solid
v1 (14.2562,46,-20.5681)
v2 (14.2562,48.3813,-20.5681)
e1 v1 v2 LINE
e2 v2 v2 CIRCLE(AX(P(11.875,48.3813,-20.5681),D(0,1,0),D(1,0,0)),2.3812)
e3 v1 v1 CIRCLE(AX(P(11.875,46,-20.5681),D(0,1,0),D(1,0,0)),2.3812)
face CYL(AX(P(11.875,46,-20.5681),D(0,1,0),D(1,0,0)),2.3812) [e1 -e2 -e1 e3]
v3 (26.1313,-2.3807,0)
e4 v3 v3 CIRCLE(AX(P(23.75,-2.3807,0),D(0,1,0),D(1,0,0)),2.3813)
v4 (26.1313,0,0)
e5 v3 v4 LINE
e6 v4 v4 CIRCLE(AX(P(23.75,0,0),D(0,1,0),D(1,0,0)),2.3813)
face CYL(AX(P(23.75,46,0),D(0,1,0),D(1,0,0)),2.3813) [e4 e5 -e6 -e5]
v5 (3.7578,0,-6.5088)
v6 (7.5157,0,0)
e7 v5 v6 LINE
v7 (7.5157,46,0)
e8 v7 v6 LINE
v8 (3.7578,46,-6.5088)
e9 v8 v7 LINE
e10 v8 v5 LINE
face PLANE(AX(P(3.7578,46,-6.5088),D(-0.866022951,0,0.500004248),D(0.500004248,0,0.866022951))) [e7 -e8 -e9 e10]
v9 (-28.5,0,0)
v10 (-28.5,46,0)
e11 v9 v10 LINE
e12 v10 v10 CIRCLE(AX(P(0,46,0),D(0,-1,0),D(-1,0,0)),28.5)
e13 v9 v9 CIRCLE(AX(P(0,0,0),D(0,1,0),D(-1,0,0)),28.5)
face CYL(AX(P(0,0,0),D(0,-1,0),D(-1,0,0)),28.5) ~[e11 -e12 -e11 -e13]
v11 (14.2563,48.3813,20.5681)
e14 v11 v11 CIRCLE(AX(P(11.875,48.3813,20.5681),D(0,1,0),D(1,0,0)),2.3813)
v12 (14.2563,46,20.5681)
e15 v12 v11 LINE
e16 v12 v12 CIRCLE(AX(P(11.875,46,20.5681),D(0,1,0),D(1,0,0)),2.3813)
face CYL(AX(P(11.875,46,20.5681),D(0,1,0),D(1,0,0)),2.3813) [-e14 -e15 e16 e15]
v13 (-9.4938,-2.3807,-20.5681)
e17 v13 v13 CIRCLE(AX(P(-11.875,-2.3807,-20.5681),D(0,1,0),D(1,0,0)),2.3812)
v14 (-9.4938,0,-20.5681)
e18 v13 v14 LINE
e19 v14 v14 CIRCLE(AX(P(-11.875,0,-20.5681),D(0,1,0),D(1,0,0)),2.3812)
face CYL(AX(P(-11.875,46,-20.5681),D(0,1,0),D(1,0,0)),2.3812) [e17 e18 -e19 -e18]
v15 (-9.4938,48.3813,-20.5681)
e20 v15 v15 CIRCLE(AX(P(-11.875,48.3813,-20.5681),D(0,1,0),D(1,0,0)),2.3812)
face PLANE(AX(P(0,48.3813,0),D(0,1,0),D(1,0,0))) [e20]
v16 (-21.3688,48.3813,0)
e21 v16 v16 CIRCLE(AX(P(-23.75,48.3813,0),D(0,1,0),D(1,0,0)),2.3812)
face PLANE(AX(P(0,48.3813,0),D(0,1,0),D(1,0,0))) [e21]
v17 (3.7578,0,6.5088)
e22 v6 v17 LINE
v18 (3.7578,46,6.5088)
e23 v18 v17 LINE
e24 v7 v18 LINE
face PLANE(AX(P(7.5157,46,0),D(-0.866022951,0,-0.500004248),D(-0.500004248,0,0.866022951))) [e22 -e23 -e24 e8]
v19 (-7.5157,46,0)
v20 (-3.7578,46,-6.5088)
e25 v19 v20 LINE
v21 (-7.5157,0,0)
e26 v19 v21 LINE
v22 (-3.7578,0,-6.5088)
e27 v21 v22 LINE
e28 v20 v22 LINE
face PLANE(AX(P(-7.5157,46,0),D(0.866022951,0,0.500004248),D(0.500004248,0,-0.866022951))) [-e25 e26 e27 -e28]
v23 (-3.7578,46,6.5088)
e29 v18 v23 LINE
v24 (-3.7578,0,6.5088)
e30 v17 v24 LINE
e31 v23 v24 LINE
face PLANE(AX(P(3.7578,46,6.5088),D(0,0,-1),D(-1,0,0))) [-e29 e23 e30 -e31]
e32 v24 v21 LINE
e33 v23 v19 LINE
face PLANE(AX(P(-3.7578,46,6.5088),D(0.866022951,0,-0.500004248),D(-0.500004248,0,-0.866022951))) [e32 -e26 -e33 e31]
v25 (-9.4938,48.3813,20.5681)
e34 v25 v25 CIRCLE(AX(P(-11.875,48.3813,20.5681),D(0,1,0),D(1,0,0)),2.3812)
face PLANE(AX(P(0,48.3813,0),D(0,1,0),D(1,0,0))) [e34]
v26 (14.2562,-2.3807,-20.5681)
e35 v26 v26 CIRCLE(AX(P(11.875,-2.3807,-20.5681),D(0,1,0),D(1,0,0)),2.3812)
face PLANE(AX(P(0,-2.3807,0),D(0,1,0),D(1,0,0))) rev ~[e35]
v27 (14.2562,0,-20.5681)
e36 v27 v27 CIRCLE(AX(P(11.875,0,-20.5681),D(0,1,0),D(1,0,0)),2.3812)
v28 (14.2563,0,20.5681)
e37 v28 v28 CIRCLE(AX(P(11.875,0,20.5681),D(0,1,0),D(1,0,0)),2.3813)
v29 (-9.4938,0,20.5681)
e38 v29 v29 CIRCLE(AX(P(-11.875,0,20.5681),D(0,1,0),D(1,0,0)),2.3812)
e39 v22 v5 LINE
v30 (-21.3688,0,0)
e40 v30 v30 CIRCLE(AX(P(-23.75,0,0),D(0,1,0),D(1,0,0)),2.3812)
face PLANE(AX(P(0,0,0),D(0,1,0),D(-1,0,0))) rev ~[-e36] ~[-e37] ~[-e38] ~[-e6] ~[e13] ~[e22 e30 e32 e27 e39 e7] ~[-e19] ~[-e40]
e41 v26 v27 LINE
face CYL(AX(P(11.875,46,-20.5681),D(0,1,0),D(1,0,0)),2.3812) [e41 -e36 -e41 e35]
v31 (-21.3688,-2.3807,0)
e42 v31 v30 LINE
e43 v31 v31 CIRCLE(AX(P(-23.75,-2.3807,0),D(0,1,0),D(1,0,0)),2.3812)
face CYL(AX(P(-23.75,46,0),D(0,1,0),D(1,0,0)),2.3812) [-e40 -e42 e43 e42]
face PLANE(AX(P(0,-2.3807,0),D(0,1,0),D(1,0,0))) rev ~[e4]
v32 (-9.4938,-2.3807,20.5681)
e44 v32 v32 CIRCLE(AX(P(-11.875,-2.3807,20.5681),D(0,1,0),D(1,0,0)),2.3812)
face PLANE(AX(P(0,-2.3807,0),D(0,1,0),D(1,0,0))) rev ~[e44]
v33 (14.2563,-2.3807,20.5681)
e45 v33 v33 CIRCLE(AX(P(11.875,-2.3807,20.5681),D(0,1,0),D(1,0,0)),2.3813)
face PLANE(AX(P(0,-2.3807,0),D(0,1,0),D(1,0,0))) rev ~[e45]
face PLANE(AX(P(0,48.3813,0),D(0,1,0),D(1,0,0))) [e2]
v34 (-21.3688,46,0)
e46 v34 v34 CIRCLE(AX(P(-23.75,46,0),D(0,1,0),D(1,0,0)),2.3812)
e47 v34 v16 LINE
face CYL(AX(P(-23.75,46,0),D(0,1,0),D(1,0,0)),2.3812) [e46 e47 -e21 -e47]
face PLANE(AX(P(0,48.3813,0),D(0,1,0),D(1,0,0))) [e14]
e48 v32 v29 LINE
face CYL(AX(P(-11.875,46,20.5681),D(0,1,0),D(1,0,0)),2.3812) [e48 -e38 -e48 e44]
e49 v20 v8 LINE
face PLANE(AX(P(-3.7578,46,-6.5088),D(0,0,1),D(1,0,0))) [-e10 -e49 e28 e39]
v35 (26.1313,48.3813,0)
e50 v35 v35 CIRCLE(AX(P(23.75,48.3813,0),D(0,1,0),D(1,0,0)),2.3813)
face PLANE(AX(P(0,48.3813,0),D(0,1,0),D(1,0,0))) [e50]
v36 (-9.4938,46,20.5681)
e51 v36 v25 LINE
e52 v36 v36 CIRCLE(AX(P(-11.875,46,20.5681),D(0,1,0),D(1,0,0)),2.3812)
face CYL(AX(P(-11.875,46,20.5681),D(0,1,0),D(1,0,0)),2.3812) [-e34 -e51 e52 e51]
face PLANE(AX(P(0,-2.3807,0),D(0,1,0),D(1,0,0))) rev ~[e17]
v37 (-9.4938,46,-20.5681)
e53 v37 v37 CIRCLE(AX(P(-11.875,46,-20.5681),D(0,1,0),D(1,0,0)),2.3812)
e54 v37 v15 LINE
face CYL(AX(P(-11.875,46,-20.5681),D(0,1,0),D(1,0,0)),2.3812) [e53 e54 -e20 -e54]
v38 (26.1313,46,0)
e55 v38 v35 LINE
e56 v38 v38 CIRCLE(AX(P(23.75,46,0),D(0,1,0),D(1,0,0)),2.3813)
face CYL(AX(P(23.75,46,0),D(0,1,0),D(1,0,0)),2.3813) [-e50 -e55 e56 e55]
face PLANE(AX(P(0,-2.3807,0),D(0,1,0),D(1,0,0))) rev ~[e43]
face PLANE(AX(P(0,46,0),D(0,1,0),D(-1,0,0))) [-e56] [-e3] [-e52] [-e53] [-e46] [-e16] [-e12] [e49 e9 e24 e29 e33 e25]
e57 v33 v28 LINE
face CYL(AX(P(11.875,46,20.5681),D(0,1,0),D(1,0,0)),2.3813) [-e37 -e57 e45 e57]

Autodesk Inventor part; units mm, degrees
ref_plane "YZ Plane" through (0, 0, 0) normal (1, 0, 0) x (0, 1, 0)
ref_plane "XZ Plane" through (0, 0, 0) normal (0, 1, 0) x (-1, 0, 0)
ref_plane "XY Plane" through (0, 0, 0) normal (0, 0, 1) x (1, 0, 0)
sketch "Sketch1" plane through (0, 0, 0) normal (0, 1, 0) x (-1, 0, 0)
  circle A0 centre (0, 0) radius 28.5
  circle A1 centre (0, 0) radius 9
  circle A2 centre (11.875, 20.5681) radius 1.5875
  circle A3 centre (-11.875, 20.5681) radius 1.5875
  circle A4 centre (23.75, 0) radius 1.5875
  circle A5 centre (11.875, -20.5681) radius 1.5875
  circle A6 centre (-11.875, -20.5681) radius 1.5875
  circle A7 centre (-23.75, 0) radius 1.5875
  dimension "d5" = 3.175
  dimension "d6" = 20.5681
  dimension "d7" = 3.175
  dimension "d8" = 3.175
  dimension "d9" = 3.175
  dimension "d10" = 3.175
  dimension "d11" = 3.175
extrude "Extrusion1" add sketch "Sketch1" along normal blind 46
sketch "Sketch2" plane through (0, 46, 0) normal (0, 1, 0) x (1, 0, 0)
  line L0 (7.5157, 0) -> (3.7578, -6.5088)
  line L1 (3.7578, -6.5088) -> (-3.7578, -6.5088)
  line L2 (-3.7578, -6.5088) -> (-7.5157, 0)
  line L3 (-7.5157, 0) -> (-3.7578, 6.5088)
  line L4 (-3.7578, 6.5088) -> (3.7578, 6.5088)
  line L5 (3.7578, 6.5088) -> (7.5157, 0)
  circle A0 centre (0, 0) radius 28.5 projected
  circle A1 centre (-11.875, -20.5681) radius 1.5875 projected
  circle A2 centre (11.875, -20.5681) radius 1.5875 projected
  circle A3 centre (-23.75, 0) radius 1.5875 projected
  circle A4 centre (-11.875, 20.5681) radius 1.5875 projected
  circle A5 centre (23.75, 0) radius 1.5875 projected
  circle A6 centre (11.875, 20.5681) radius 1.5875 projected
  dimension "d4" = 13.0175
extrude "Extrusion2" add sketch "Sketch2" against normal blind 46
sketch "Sketch3" plane through (0, 46, 0) normal (0, 1, 0) x (1, 0, 0)
  circle A0 centre (-11.875, 20.5681) radius 1.5875 projected
  circle A1 centre (-11.875, 20.5681) radius 2.3812
  circle A2 centre (11.875, 20.5681) radius 1.5875 projected
  circle A3 centre (11.875, 20.5681) radius 2.3812
  circle A4 centre (23.75, 0) radius 1.5875 projected
  circle A5 centre (23.75, 0) radius 2.3813
  circle A6 centre (11.875, -20.5681) radius 1.5875 projected
  circle A7 centre (11.875, -20.5681) radius 2.3813
  circle A8 centre (-11.875, -20.5681) radius 1.5875 projected
  circle A9 centre (-11.875, -20.5681) radius 2.3812
  circle A10 centre (-23.75, 0) radius 1.5875 projected
  circle A11 centre (-23.75, 0) radius 2.3812
  point P0 (0, 0)
  dimension "d12" = 4.7625
  dimension "d13" = 4.7625
  dimension "d14" = 4.7625
  dimension "d15" = 4.7625
  dimension "d16" = 4.7625
  dimension "d17" = 4.7625
extrude "Extrusion3" add sketch "Sketch3" along normal blind 2.3813 and the other way blind 48.3807 contours A0 | A1 | A2 | A3 | A4 | A5 | A6 | A7 | A8 | A9 | A10 | A11
equation "\"d7\" = d5"
equation "\"d8\" = d5"
equation "\"d9\" = d5"
equation "\"d10\" = d5"
equation "\"d11\" = d5"
properties part number "new mech inside"
